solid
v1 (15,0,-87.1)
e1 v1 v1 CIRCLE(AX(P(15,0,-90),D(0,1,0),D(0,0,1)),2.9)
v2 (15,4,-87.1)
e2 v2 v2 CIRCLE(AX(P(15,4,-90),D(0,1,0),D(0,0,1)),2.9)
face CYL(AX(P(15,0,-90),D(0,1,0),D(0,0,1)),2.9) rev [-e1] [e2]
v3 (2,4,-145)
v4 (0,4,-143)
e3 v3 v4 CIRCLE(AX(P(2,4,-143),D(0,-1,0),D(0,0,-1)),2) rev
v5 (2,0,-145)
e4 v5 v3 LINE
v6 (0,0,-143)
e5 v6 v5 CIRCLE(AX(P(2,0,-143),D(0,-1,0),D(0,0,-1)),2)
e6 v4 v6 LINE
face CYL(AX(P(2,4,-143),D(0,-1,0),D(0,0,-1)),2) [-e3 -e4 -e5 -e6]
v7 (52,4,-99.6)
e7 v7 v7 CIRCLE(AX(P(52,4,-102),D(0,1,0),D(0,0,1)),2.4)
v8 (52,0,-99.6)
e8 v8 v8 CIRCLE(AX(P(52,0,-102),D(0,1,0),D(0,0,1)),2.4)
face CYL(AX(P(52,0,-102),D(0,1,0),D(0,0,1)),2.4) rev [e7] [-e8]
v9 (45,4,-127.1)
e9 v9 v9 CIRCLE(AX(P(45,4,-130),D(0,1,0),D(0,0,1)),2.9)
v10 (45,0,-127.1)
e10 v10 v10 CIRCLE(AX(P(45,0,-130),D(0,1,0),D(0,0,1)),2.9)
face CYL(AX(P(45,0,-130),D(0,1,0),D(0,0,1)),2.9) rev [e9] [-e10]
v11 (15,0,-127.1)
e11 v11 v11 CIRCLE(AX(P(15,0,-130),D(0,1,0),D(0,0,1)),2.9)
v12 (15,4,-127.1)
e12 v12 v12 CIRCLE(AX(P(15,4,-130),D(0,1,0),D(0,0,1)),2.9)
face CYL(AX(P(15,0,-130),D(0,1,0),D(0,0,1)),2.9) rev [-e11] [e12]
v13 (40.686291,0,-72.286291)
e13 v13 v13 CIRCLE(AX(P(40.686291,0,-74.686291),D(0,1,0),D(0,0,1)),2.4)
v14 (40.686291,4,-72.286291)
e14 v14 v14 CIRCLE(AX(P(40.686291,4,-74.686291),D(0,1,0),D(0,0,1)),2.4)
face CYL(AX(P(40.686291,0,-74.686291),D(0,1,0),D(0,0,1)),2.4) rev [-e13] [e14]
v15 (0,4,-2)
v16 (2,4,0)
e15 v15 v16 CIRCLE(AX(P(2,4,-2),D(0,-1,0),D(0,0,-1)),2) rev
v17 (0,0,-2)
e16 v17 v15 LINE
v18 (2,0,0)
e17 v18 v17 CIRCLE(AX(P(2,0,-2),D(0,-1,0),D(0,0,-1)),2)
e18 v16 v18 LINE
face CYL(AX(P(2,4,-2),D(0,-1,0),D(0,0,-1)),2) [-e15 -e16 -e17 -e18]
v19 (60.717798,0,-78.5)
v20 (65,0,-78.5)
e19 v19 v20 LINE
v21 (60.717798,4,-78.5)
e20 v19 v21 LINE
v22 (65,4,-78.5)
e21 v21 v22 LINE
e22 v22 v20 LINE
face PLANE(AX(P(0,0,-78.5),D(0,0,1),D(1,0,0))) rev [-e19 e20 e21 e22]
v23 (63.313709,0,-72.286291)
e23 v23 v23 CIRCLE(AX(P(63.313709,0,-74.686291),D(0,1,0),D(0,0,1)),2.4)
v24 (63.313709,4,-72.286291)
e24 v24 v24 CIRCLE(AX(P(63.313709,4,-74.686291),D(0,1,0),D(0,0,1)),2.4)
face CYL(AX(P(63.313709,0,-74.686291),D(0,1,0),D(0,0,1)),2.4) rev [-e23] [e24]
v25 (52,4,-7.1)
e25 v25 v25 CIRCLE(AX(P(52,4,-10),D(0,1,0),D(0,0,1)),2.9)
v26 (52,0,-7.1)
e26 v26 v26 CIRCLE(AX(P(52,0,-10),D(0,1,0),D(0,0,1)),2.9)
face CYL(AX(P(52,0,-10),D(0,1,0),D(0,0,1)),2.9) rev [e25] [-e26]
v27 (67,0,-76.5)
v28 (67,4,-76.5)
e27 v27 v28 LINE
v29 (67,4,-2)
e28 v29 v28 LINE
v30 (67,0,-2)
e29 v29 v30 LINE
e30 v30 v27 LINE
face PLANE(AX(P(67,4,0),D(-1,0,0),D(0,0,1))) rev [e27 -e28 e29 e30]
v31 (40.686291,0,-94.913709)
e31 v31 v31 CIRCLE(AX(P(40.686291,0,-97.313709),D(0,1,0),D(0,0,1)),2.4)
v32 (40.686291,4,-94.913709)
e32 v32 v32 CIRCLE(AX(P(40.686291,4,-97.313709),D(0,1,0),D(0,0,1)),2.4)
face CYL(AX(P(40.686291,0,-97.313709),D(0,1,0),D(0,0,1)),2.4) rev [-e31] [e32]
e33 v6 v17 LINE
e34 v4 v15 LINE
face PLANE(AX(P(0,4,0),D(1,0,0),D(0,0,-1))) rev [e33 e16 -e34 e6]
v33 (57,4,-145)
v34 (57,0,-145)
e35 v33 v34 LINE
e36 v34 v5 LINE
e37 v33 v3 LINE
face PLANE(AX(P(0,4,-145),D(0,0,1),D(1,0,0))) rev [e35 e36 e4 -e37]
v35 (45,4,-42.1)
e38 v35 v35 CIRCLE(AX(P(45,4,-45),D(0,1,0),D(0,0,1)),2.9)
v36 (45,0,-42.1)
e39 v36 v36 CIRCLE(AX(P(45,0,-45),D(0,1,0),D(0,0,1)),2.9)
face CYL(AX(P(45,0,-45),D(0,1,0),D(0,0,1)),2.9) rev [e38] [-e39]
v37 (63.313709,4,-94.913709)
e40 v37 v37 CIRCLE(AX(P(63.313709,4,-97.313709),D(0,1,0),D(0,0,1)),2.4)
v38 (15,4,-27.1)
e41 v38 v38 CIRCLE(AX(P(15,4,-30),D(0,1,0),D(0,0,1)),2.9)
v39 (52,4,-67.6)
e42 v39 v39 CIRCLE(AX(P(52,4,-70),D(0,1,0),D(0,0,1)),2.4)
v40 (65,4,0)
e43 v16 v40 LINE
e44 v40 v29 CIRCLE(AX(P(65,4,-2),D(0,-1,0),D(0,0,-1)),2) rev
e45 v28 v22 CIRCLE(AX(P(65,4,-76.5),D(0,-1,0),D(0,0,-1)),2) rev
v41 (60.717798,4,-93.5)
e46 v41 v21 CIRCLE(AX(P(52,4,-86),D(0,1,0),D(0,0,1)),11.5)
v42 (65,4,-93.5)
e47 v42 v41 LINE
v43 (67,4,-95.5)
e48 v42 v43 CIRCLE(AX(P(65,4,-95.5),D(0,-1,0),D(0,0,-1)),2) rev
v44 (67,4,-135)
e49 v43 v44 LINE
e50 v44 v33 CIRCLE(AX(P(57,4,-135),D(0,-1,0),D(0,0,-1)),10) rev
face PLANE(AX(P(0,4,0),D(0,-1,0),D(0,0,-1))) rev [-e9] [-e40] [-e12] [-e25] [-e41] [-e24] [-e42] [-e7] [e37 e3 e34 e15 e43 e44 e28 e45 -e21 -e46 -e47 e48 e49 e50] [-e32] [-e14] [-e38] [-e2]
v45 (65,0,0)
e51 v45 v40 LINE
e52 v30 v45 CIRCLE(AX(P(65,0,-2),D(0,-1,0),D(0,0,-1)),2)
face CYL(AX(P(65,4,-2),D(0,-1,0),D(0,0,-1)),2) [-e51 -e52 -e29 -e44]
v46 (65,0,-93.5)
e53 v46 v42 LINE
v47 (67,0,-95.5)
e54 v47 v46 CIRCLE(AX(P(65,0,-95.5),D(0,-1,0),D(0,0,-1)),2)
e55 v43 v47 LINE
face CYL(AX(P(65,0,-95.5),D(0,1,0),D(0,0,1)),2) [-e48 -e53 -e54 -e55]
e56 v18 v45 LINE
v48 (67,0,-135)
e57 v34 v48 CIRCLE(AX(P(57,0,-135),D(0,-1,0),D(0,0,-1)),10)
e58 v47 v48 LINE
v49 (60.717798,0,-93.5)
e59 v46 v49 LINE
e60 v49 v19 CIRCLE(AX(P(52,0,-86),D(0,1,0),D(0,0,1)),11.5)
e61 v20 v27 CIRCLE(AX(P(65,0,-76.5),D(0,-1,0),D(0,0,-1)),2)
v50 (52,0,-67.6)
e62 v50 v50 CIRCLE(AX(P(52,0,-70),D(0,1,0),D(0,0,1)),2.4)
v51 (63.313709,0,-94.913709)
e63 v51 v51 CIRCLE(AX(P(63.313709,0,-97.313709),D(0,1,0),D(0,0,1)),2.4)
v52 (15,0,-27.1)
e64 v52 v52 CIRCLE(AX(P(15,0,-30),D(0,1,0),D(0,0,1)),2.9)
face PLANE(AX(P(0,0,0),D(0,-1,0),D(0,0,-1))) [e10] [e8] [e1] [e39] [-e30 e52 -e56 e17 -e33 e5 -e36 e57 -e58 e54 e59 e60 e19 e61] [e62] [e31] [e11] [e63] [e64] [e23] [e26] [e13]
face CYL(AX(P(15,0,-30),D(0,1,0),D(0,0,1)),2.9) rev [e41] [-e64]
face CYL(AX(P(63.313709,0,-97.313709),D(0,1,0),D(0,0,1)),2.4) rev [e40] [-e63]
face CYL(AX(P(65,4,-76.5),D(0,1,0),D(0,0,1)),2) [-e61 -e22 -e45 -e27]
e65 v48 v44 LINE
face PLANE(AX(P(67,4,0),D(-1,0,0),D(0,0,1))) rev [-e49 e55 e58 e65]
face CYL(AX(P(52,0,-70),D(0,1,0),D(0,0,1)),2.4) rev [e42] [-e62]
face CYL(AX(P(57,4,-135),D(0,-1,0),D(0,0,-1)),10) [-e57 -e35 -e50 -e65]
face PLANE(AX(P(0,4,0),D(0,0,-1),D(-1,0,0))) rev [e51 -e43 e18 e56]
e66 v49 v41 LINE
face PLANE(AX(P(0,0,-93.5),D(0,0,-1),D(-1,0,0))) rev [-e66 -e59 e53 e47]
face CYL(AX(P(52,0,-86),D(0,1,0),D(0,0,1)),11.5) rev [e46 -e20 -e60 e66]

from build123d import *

# Parameters (mm, degrees)
SKETCH1_W           = 67
SKETCH1_H           = 145
BOSS_EXTRUDE1_DEPTH = 4
CUT_EXTRUDE1_DEPTH  = 160.781100259
SKETCH4_R           = 2.4
CUT_EXTRUDE2_DEPTH  = 160.781100259
SKETCH5_R           = 2.9
CUT_EXTRUDE3_DEPTH  = 160.781100259
FILLET1_R           = 10
FILLET2_R           = 2


with BuildPart() as part:
    # Sketch1 → Boss-Extrude1 (new body)
    with BuildSketch(Plane(origin=(0, 0, 0), x_dir=(1, 0, 0), z_dir=(0, 1, 0))):
        with Locations((33.5, 72.5)):
            Rectangle(SKETCH1_W, SKETCH1_H)
    extrude(amount=BOSS_EXTRUDE1_DEPTH)

    # Sketch2 → Cut-Extrude1 (cut, through all)
    with BuildSketch(Plane(origin=(0, 4, 0), x_dir=(1, 0, 0), z_dir=(0, 1, 0))):
        with BuildLine():
            Line((67, 78.5), (67, 93.5))
            Line((67, 93.5), (60.717797887, 93.5))
            ThreePointArc((60.717797887, 93.5), (40.5, 86), (60.717797887, 78.5))
            Line((60.717797887, 78.5), (67, 78.5))
        make_face()
    extrude(amount=-CUT_EXTRUDE1_DEPTH, mode=Mode.SUBTRACT)

    # Sketch4 → Cut-Extrude2 (cut, through all)
    with BuildSketch(Plane(origin=(0, 4, 0), x_dir=(1, 0, 0), z_dir=(0, 1, 0))):
        with Locations(Location((63.31370855, 74.68629145, 0), (0, 0, 270))):
            Circle(SKETCH4_R)
        with Locations(Location((52, 69.999999928, 0), (0, 0, 270))):
            Circle(SKETCH4_R)
        with Locations(Location((40.68629145, 74.68629145, 0), (0, 0, 270))):
            Circle(SKETCH4_R)
        with Locations(Location((40.68629145, 97.31370855, 0), (0, 0, 270))):
            Circle(SKETCH4_R)
        with Locations(Location((52, 102.000000072, 0), (0, 0, 270))):
            Circle(SKETCH4_R)
        with Locations(Location((63.31370855, 97.31370855, 0), (0, 0, 270))):
            Circle(SKETCH4_R)
    extrude(amount=-CUT_EXTRUDE2_DEPTH, mode=Mode.SUBTRACT)

    # Sketch5 → Cut-Extrude3 (cut, through all)
    with BuildSketch(Plane(origin=(0, 4, 0), x_dir=(1, 0, 0), z_dir=(0, 1, 0))):
        with Locations(Location((15, 130, 0), (0, 0, 270))):
            Circle(SKETCH5_R)
        with Locations(Location((15, 90, 0), (0, 0, 270))):
            Circle(SKETCH5_R)
        with Locations(Location((52, 10, 0), (0, 0, 270))):
            Circle(SKETCH5_R)
        with Locations(Location((15, 30, 0), (0, 0, 270))):
            Circle(SKETCH5_R)
        with Locations(Location((45, 130, 0), (0, 0, 270))):
            Circle(SKETCH5_R)
        with Locations(Location((45, 45, 0), (0, 0, 270))):
            Circle(SKETCH5_R)
    extrude(amount=-CUT_EXTRUDE3_DEPTH, mode=Mode.SUBTRACT)

    # Fillet1
    fillet1_edges = [part.edges().sort_by_distance(p)[0] for p in [
        (67, 2, -145),
    ]]
    fillet(fillet1_edges, radius=FILLET1_R)

    # Fillet2
    fillet2_edges = [part.edges().sort_by_distance(p)[0] for p in [
        (67, 2, -93.5),
        (67, 2, -78.5),
        (0, 2, -145),
        (67, 2, 0),
        (0, 2, 0),
    ]]
    fillet(fillet2_edges, radius=FILLET2_R)


solid = part.part
